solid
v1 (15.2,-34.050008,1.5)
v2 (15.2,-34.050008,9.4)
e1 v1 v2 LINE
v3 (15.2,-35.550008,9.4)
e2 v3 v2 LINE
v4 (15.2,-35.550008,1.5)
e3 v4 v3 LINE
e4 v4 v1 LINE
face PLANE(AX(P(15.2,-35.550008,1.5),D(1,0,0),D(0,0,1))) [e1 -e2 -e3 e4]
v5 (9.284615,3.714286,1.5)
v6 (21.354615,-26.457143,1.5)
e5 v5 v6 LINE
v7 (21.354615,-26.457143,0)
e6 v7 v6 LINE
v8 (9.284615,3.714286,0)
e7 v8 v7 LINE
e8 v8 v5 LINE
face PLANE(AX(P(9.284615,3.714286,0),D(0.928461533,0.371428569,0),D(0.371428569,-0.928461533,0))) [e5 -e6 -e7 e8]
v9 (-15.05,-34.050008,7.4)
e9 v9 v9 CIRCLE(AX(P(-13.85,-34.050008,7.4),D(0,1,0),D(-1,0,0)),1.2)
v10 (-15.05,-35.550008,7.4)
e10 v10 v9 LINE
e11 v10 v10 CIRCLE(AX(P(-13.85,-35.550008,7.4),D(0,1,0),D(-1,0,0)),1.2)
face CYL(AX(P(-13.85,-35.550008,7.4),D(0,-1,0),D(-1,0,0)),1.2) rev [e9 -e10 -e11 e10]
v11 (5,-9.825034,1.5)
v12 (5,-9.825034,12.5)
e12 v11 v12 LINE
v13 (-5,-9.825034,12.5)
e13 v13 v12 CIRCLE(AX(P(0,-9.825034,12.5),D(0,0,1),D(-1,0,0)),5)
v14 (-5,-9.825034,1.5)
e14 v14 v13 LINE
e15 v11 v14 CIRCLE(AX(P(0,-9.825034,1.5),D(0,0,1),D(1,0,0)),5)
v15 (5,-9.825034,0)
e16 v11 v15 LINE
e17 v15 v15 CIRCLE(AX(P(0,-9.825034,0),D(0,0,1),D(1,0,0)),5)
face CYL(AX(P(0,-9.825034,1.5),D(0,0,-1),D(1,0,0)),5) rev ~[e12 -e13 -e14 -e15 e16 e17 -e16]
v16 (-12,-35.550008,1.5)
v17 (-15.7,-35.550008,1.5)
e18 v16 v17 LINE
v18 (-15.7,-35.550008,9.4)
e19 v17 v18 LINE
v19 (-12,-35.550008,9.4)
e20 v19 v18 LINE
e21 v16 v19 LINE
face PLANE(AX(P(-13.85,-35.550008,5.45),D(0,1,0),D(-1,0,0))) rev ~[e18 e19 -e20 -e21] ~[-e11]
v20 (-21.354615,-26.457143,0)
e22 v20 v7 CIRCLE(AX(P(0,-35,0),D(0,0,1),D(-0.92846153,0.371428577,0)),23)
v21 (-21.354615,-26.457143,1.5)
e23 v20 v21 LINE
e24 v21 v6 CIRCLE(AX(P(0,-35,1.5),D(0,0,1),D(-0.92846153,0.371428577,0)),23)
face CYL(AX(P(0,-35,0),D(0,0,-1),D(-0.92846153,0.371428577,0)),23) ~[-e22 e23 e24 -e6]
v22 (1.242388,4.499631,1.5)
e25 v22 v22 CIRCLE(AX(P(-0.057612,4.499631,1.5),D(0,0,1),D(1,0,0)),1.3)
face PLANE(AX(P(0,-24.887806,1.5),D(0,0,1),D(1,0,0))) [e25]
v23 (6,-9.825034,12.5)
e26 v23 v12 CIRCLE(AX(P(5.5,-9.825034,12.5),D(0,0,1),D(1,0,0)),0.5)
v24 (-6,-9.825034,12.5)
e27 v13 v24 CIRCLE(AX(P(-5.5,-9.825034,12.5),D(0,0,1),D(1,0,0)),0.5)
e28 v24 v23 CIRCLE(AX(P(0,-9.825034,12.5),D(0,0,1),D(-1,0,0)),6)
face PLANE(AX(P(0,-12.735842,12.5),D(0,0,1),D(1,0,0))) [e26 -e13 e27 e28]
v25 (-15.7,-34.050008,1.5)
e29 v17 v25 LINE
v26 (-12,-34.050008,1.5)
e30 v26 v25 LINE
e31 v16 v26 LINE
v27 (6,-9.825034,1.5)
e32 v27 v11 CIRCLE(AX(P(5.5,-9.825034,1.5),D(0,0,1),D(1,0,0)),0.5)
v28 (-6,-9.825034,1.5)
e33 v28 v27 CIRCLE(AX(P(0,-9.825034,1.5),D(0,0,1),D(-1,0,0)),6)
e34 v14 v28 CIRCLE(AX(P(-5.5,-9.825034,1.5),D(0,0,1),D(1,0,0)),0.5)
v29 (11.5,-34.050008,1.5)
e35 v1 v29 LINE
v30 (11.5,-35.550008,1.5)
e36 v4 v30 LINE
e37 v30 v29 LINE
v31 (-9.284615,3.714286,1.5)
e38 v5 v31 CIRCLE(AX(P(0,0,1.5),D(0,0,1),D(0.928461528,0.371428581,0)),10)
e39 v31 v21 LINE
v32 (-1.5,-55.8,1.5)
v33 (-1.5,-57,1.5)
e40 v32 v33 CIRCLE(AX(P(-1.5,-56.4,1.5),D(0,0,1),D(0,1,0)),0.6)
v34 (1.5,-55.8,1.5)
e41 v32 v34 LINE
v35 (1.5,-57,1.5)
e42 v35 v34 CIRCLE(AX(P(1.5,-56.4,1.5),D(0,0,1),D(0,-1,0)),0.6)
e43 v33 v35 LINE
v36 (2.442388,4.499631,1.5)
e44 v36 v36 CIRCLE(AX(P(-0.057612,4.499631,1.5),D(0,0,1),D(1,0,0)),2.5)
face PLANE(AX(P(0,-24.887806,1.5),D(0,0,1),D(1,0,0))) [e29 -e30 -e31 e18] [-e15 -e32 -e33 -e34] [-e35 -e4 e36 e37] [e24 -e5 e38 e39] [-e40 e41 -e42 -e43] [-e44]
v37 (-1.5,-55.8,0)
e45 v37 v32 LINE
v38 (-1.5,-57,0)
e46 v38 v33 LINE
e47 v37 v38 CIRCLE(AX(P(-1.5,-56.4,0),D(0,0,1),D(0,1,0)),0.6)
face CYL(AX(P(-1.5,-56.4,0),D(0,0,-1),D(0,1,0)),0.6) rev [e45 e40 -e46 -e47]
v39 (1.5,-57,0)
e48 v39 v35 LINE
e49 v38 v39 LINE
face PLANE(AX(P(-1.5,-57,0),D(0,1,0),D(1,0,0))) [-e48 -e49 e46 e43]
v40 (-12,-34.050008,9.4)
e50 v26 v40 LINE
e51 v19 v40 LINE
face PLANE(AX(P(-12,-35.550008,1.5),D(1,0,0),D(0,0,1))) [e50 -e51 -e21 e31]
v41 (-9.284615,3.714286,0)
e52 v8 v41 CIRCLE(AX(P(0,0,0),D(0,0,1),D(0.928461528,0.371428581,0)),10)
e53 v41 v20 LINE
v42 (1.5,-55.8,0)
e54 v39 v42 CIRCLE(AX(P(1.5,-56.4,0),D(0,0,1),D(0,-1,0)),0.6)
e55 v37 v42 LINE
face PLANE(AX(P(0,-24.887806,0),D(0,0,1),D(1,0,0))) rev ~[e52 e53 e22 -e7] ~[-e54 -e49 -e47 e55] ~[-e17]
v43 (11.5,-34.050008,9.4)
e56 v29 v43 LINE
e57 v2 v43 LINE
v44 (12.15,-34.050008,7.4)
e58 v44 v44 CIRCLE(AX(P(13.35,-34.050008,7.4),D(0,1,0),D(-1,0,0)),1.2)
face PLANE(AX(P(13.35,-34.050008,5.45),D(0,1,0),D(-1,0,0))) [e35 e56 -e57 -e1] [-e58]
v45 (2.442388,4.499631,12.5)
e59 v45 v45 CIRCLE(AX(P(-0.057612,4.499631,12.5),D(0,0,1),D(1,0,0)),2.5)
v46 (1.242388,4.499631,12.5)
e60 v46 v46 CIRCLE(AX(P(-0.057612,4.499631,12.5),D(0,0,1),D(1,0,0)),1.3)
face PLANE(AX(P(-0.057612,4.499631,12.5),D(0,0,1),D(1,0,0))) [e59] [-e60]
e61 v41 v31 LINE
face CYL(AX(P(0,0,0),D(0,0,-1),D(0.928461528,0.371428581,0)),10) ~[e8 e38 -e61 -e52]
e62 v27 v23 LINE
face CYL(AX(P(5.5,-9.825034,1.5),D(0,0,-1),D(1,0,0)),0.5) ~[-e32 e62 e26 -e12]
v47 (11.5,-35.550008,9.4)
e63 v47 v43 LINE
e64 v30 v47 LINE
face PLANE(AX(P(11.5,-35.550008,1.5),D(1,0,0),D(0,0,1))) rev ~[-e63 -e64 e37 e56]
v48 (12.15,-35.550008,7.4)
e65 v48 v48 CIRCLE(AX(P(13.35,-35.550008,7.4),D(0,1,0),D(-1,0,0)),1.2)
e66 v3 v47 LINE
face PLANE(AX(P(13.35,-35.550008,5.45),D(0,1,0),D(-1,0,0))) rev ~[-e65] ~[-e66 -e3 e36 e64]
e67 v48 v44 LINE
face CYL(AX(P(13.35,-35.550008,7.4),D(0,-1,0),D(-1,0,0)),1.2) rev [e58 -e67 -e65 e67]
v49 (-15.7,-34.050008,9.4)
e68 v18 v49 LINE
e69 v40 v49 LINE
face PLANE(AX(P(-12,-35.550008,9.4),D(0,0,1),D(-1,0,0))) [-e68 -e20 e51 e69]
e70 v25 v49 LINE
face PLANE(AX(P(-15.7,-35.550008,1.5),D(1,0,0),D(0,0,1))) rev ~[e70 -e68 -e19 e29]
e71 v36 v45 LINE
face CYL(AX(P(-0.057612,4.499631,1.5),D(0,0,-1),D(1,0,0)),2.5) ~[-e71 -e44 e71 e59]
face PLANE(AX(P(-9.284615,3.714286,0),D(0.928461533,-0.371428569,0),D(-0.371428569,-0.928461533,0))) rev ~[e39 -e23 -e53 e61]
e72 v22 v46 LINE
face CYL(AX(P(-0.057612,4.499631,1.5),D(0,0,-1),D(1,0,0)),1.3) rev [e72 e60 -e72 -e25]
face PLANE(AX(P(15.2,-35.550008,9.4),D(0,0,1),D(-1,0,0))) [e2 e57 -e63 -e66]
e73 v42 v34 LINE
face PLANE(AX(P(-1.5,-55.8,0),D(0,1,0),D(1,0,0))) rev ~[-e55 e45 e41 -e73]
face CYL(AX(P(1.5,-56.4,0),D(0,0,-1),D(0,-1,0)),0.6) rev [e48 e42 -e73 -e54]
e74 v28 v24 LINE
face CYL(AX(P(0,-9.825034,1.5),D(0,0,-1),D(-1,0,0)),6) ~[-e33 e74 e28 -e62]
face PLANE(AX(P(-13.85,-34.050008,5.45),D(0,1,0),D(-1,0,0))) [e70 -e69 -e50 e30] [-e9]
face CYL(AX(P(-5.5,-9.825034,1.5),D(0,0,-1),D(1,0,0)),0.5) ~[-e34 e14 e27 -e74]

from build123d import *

# Parameters (mm, degrees)
PAD018_DEPTH    = 1.5
SKETCH025_R     = 2.5
SKETCH025_R_2   = 1.3
PAD019_DEPTH    = 11
SKETCH030_R     = 5
POCKET010_DEPTH = 5
PAD022_DEPTH    = 11
SKETCH032_W     = 3.7
SKETCH032_H     = 7.9
SKETCH032_R     = 1.2
PAD023_DEPTH    = 1.5


with BuildPart() as part:
    # Sketch024 (on XY_Plane011 of Origin022) → Pad018 (new body)
    with BuildSketch(Plane.XY):
        with BuildLine():
            ThreePointArc((9.284615, 3.714286), (0, 10), (-9.284615, 3.714286))
            Line((-9.284615, 3.714286), (-21.354615, -26.457143))
            ThreePointArc((-21.354615, -26.457143), (0, -58), (21.354615, -26.457143))
            Line((9.284615, 3.714286), (21.354615, -26.457143))
        make_face()
        with BuildLine():
            ThreePointArc((-1.5, -55.8), (-2.1, -56.4), (-1.5, -57))
            Line((-1.5, -57), (1.5, -57))
            ThreePointArc((1.5, -57), (2.1, -56.4), (1.5, -55.8))
            Line((-1.5, -55.8), (1.5, -55.8))
        make_face(mode=Mode.SUBTRACT)
    extrude(amount=PAD018_DEPTH)

    # Sketch025 (on Face10 of Pad018) → Pad019 (join)
    with BuildSketch(Plane.XY.offset(1.5)):
        with Locations((-0.057612, 4.499631)):
            Circle(SKETCH025_R)
        with Locations((-0.057612, 4.499631)):
            Circle(SKETCH025_R_2, mode=Mode.SUBTRACT)
    extrude(amount=PAD019_DEPTH)

    # Sketch030 (on Face5 of Pad021) → Pocket010 (cut)
    with BuildSketch(Plane.XY.offset(1.5)):
        with Locations((0, -9.825034)):
            Circle(SKETCH030_R)
    extrude(amount=-POCKET010_DEPTH, mode=Mode.SUBTRACT)

    # Sketch031 (on Face5 of Pocket010) → Pad022 (join)
    with BuildSketch(Plane.XY.offset(1.5)):
        with BuildLine():
            ThreePointArc((-6, -9.825034), (0, -15.825034), (6, -9.825034))
            ThreePointArc((6, -9.825034), (5.5, -9.325034), (5, -9.825034))
            ThreePointArc((-5, -9.825034), (0, -14.825034), (5, -9.825034))
            ThreePointArc((-5, -9.825034), (-5.5, -9.325034), (-6, -9.825034))
        make_face()
    pad022 = extrude(amount=PAD022_DEPTH)

    # Mirrored003: Pad022 across Sketch031 V_Axis
    add(pad022.mirror(Plane(origin=(0, 0, 1.5), x_dir=(0, 0, 1), z_dir=(1, 0, 0))))

    # Sketch032 (on Face2 of Binder008) → Pad023 (join)
    with BuildSketch(Plane(origin=(0, -35.550008, 0), x_dir=(-1, 0, 0), z_dir=(0, 1, 0))):
        with Locations((-13.35, 5.45)):
            Rectangle(SKETCH032_W, SKETCH032_H)
        with Locations((-13.35, 7.4)):
            Circle(SKETCH032_R, mode=Mode.SUBTRACT)
        with Locations((13.85, 5.45)):
            Rectangle(SKETCH032_W, SKETCH032_H)
        with Locations((13.85, 7.4)):
            Circle(SKETCH032_R, mode=Mode.SUBTRACT)
    extrude(amount=PAD023_DEPTH)


solid = part.part
